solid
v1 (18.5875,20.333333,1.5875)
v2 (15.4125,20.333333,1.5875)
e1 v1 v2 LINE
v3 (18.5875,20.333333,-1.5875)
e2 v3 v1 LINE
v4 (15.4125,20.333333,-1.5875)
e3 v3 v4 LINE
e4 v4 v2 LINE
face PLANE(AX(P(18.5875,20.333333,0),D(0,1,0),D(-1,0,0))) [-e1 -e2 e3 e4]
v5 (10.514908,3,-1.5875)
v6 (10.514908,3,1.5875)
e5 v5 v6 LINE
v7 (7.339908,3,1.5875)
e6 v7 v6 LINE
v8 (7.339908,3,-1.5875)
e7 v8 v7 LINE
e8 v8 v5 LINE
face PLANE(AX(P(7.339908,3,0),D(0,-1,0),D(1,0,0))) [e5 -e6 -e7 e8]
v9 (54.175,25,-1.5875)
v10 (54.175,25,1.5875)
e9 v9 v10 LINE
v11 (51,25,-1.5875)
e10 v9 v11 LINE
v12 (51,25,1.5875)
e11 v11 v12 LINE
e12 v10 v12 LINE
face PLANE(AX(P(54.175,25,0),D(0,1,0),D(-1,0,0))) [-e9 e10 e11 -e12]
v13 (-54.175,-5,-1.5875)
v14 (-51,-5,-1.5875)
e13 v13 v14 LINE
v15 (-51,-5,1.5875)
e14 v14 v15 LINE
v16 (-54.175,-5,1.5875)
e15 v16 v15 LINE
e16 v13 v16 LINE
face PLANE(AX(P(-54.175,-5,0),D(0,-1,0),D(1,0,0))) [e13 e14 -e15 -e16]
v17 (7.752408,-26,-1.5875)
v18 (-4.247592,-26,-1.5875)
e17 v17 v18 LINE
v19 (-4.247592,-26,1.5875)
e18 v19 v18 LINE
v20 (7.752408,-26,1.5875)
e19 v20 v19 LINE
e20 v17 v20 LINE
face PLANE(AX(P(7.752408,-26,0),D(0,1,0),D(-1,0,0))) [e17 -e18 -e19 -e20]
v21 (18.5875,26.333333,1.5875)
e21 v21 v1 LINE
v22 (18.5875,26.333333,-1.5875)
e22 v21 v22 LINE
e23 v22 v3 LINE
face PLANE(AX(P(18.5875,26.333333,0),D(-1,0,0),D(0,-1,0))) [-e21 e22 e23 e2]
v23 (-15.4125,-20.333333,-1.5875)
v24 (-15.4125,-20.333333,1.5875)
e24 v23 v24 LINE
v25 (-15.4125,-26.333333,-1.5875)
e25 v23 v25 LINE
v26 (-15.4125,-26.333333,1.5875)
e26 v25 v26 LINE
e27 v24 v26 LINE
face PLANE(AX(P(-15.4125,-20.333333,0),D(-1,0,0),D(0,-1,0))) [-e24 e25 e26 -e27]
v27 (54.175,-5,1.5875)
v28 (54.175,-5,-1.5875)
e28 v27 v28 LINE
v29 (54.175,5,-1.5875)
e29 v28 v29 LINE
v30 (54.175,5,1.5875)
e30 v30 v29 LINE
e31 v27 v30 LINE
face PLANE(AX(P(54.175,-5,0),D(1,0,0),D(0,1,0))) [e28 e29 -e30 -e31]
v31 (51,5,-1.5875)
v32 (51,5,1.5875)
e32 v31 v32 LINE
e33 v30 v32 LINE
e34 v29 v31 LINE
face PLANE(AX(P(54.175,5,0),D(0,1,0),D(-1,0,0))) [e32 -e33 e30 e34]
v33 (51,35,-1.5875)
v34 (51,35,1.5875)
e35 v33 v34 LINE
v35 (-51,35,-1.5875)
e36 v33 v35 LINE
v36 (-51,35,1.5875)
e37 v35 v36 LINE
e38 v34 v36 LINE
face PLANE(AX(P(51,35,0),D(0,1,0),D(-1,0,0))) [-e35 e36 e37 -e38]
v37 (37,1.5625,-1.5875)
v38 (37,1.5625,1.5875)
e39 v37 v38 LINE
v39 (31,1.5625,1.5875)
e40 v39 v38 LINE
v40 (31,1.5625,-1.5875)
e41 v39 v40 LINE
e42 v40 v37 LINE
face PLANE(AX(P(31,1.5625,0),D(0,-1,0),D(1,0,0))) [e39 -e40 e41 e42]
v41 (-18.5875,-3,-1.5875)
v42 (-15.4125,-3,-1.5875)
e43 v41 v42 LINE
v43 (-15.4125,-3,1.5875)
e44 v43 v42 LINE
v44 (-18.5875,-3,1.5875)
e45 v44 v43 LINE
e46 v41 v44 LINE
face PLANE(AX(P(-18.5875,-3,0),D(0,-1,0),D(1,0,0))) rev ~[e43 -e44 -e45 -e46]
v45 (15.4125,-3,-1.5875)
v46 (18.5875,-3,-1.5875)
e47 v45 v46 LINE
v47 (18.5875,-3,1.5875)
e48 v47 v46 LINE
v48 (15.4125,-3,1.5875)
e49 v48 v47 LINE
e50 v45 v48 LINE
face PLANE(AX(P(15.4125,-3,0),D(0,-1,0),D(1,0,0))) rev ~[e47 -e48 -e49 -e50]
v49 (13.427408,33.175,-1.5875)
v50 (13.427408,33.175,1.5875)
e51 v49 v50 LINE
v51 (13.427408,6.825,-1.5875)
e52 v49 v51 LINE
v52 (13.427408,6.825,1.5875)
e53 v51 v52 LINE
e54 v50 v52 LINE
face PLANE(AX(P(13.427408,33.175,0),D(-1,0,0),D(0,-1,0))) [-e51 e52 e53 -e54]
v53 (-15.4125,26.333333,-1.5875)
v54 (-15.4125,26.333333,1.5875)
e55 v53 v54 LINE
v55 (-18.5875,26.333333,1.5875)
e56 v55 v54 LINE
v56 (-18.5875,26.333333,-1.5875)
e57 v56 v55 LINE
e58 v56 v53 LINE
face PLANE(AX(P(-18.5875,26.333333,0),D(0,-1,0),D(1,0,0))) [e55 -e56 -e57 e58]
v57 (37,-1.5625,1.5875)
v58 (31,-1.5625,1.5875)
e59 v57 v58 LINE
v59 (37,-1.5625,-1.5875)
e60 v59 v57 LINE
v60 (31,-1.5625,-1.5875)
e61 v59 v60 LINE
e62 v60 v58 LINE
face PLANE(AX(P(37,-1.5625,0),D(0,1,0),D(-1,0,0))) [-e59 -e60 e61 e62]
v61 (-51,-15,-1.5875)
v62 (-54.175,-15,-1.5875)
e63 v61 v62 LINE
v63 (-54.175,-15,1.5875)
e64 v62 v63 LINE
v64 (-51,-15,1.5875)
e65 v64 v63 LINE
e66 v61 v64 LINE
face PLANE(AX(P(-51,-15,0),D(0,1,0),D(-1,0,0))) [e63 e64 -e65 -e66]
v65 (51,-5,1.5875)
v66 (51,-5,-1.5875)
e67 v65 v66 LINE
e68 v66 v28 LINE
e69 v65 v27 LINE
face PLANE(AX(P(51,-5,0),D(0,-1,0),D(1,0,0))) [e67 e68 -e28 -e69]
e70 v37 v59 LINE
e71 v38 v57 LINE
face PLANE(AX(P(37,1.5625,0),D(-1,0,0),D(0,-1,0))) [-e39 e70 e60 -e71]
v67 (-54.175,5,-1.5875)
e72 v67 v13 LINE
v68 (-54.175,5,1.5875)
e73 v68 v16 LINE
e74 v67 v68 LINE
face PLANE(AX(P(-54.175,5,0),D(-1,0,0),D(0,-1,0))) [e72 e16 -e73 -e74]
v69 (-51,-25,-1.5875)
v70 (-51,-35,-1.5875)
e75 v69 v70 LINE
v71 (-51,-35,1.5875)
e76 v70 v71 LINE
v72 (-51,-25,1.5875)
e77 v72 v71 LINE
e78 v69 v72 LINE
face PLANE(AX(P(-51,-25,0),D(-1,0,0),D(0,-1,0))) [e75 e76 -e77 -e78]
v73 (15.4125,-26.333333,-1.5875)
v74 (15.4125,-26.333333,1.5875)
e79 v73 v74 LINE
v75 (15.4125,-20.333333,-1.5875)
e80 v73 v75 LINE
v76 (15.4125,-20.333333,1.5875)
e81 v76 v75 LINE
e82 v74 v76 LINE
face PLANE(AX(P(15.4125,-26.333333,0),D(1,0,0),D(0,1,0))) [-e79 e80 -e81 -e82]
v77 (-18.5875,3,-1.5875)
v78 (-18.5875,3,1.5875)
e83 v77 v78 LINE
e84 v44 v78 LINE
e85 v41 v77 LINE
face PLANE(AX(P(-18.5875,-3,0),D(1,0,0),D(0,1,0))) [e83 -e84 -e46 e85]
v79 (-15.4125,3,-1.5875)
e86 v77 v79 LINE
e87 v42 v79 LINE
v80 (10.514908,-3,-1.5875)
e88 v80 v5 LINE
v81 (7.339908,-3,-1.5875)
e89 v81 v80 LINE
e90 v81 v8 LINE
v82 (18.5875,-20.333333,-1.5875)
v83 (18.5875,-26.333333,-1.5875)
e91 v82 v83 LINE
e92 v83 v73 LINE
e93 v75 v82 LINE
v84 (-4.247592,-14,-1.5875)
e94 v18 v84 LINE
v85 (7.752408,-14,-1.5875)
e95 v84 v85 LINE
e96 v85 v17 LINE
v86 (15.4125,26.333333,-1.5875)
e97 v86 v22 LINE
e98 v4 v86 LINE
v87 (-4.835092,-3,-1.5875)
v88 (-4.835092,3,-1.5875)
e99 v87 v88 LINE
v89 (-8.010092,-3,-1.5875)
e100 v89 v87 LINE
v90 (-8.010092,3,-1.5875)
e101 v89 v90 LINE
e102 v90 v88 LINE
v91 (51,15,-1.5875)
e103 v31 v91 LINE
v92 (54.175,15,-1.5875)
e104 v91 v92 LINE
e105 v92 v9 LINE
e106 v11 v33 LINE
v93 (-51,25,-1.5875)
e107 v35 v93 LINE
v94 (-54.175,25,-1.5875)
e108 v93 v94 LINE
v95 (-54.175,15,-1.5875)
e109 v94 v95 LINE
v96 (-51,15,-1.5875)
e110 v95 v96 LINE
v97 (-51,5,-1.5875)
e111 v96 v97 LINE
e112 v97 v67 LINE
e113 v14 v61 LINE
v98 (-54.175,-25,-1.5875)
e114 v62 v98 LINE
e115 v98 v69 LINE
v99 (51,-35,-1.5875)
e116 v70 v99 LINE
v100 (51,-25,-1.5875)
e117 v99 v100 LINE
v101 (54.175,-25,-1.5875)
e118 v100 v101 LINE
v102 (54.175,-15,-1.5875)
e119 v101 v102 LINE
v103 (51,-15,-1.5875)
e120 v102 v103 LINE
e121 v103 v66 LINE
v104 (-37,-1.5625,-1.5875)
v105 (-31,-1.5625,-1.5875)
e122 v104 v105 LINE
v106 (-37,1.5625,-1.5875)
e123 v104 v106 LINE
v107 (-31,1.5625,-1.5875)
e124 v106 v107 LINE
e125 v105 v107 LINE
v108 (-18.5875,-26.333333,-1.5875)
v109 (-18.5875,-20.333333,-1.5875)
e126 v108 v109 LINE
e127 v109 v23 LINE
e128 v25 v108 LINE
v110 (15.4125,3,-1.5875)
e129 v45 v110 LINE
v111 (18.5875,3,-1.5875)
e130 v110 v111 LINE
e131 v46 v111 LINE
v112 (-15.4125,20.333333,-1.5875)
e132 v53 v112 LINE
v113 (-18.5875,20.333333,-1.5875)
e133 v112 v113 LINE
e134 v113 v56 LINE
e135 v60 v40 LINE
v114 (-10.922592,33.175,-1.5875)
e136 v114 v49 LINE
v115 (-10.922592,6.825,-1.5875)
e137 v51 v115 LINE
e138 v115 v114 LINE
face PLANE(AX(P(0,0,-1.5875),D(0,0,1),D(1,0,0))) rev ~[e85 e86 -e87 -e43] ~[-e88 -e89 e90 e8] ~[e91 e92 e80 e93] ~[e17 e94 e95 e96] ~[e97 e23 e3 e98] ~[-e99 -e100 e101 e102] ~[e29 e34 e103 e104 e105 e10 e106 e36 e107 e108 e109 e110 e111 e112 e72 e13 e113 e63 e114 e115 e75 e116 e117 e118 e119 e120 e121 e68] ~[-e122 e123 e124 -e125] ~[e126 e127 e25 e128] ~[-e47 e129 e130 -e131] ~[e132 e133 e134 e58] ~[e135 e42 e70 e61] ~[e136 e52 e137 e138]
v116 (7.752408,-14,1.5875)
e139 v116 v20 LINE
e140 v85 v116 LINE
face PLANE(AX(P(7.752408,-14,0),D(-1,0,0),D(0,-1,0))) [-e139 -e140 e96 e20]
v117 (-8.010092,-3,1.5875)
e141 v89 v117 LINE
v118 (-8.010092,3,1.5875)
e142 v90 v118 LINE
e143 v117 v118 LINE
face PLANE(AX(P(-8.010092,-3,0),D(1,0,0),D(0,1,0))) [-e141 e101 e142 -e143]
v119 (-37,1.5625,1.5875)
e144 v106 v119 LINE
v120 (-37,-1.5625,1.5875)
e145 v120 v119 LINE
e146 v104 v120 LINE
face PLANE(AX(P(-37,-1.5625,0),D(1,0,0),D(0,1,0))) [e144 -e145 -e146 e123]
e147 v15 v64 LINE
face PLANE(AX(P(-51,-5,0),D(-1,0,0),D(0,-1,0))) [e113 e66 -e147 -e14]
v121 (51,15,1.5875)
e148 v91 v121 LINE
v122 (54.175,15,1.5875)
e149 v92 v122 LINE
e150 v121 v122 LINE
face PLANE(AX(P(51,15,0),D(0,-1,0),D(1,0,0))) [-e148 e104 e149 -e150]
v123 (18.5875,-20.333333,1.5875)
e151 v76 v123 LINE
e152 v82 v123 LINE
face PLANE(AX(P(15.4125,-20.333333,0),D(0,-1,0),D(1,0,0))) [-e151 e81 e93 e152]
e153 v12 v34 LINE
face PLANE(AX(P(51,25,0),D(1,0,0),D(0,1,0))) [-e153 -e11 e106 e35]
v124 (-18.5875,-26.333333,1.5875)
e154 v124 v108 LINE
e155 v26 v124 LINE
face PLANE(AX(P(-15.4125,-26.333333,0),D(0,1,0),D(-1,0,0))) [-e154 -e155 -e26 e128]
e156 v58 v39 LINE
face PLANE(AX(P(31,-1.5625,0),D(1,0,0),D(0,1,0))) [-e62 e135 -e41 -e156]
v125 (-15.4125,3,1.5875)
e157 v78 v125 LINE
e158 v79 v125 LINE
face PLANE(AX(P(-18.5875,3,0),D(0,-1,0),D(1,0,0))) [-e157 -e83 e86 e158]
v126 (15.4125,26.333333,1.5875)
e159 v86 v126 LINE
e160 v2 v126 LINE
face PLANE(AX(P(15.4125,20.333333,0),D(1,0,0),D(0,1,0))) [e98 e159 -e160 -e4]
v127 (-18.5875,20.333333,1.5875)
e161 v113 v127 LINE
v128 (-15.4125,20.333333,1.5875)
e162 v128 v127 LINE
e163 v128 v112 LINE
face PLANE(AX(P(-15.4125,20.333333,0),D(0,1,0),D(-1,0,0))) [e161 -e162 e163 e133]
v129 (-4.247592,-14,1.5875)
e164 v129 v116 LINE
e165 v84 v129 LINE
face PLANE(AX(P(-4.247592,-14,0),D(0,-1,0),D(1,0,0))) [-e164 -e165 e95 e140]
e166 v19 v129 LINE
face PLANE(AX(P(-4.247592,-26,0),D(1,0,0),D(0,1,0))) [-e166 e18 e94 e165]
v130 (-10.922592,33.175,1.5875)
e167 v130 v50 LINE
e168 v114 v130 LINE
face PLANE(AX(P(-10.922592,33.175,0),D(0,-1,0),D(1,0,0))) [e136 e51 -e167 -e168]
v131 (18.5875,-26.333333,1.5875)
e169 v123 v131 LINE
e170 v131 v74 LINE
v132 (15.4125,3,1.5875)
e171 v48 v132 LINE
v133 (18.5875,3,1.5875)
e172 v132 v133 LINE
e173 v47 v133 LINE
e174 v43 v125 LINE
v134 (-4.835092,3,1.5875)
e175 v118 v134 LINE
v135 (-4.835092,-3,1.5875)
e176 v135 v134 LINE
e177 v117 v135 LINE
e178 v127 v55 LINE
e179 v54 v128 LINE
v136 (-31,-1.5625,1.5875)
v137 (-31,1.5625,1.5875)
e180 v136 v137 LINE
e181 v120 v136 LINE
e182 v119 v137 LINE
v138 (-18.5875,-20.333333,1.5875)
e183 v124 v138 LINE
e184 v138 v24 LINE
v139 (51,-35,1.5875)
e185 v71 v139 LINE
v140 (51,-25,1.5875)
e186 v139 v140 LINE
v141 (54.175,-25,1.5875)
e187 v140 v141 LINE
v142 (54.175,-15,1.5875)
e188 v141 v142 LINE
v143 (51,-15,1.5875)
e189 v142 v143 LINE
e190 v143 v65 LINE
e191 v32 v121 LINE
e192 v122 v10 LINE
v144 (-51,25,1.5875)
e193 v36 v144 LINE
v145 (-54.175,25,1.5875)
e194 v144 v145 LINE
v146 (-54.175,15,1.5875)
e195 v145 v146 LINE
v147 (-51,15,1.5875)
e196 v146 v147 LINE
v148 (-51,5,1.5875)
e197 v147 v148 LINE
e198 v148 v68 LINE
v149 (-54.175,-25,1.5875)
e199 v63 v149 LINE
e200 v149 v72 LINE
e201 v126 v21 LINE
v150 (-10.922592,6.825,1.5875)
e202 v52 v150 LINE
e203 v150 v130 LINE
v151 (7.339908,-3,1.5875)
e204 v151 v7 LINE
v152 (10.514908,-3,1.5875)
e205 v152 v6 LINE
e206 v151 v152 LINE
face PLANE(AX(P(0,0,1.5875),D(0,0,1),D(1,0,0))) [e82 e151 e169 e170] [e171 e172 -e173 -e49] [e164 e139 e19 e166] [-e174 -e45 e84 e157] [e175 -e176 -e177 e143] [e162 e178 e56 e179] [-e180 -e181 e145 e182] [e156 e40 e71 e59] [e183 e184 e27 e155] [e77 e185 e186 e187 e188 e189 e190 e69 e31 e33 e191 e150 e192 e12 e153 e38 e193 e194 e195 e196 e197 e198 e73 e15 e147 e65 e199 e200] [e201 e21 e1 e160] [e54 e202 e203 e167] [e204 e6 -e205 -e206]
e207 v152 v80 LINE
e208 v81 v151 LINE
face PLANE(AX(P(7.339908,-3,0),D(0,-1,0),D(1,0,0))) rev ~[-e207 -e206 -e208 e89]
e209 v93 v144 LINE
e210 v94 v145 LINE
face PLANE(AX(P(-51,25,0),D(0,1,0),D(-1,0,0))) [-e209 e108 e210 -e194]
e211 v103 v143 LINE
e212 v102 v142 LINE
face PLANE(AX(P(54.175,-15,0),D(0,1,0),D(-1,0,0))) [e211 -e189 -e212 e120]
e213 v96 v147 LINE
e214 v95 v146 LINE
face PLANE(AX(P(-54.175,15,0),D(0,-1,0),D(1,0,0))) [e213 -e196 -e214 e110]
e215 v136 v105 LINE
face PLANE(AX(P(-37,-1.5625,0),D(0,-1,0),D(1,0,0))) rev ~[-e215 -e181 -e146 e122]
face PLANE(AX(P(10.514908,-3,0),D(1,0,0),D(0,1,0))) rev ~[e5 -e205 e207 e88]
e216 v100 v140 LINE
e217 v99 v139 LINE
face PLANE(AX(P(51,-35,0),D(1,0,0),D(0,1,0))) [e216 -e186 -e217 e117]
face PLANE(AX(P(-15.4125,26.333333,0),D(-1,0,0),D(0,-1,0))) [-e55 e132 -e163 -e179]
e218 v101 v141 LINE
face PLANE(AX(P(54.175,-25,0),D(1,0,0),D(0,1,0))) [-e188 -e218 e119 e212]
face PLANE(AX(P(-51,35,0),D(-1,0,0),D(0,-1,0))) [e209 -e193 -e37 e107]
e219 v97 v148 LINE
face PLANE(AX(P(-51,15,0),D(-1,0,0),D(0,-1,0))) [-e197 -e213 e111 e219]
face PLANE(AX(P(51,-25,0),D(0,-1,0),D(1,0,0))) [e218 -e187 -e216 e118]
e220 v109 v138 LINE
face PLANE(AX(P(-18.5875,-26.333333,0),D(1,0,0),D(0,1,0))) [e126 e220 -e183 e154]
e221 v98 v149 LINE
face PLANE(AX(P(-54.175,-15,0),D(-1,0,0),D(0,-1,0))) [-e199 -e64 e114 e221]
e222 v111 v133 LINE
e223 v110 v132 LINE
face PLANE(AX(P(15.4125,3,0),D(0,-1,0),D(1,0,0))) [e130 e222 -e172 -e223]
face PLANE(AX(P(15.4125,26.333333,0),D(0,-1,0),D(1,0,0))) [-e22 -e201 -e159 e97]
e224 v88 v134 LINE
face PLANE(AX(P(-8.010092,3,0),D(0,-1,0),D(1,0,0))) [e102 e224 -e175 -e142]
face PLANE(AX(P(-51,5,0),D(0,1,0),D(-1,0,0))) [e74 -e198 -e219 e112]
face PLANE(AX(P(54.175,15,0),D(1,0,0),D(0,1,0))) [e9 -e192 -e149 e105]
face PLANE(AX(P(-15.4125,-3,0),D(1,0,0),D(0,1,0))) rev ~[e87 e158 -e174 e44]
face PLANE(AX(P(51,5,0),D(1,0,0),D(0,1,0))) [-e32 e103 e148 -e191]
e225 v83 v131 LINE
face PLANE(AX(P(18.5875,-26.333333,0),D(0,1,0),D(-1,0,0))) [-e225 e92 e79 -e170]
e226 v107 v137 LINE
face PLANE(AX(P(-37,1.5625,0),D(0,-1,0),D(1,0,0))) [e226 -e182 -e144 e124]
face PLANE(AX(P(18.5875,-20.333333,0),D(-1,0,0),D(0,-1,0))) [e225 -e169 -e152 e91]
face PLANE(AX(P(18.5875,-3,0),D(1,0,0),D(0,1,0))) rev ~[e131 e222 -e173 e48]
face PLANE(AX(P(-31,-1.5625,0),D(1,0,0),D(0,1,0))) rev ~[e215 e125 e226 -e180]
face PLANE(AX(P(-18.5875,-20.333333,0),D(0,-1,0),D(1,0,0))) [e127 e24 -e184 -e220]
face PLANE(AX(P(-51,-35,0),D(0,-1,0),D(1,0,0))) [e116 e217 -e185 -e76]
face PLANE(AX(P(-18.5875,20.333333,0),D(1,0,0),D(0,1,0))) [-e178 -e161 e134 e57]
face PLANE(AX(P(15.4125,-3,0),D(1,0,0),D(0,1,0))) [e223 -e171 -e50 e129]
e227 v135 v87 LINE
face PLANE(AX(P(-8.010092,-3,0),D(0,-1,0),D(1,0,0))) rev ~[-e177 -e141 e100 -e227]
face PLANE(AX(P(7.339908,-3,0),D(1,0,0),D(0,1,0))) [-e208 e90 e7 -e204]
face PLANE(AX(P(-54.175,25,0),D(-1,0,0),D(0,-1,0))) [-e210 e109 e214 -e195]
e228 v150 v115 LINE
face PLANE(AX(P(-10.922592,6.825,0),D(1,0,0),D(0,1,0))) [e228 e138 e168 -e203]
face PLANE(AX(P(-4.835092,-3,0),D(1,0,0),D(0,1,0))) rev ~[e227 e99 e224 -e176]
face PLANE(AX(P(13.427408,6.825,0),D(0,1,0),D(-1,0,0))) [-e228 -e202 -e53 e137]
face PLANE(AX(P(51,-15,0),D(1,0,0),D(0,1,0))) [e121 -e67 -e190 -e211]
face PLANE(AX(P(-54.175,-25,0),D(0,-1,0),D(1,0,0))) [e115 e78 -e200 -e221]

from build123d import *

# Parameters (mm, degrees)
SKETCH1_W           = 6
SKETCH1_H           = 3.125
SKETCH1_W_2         = 3.175
SKETCH1_H_2         = 6
BOSS_EXTRUDE1_DEPTH = 1.5875


with BuildPart() as part:
    # Sketch1 → Boss-Extrude1 (new body, symmetric)
    with BuildSketch(Plane.XY):
        Polygon((54.175, 0), (54.175, 5), (51, 5), (51, 15), (54.175, 15), (54.175, 25), (51, 25), (51, 35), (17, 35), (0, 35), (-17, 35), (-51, 35), (-51, 25), (-54.175, 25), (-54.175, 15), (-51, 15), (-51, 5), (-54.175, 5), (-54.175, -5), (-51, -5), (-51, -15), (-54.175, -15), (-54.175, -25), (-51, -25), (-51, -35), (0, -35), (51, -35), (51, -25), (54.175, -25), (54.175, -15), (51, -15), (51, -5), (54.175, -5), align=None)
        Polygon((-18.5875, -23.333333333), (-18.5875, -20.333333333), (-15.4125, -20.333333333), (-15.4125, -26.333333333), (-18.5875, -26.333333333), align=None, mode=Mode.SUBTRACT)
        Polygon((-4.247592219, -14), (3.252407781, -14), (7.752407781, -14), (7.752407781, -26), (3.252407781, -26), (-4.247592219, -26), align=None, mode=Mode.SUBTRACT)
        Polygon((18.5875, -20.333333333), (18.5875, -23.333333333), (18.5875, -26.333333333), (15.4125, -26.333333333), (15.4125, -20.333333333), align=None, mode=Mode.SUBTRACT)
        with Locations((-34, 0)):
            Rectangle(SKETCH1_W, SKETCH1_H, mode=Mode.SUBTRACT)
        with Locations((-17, 0)):
            Rectangle(SKETCH1_W_2, SKETCH1_H_2, mode=Mode.SUBTRACT)
        with Locations((-6.422592219, 0)):
            Rectangle(SKETCH1_W_2, SKETCH1_H_2, mode=Mode.SUBTRACT)
        Polygon((-18.5875, 20.333333333), (-18.5875, 23.333333333), (-18.5875, 26.333333333), (-15.4125, 26.333333333), (-15.4125, 20.333333333), align=None, mode=Mode.SUBTRACT)
        with Locations((8.927407781, 0)):
            Rectangle(SKETCH1_W_2, SKETCH1_H_2, mode=Mode.SUBTRACT)
        with Locations((17, 0)):
            Rectangle(SKETCH1_W_2, SKETCH1_H_2, mode=Mode.SUBTRACT)
        Polygon((37, 1.5625), (37, 0), (37, -1.5625), (31, -1.5625), (31, 1.5625), align=None, mode=Mode.SUBTRACT)
        Polygon((-10.922592219, 33.175), (3.252407781, 33.175), (13.427407781, 33.175), (13.427407781, 6.825), (1.252407781, 6.825), (-10.922592219, 6.825), align=None, mode=Mode.SUBTRACT)
        Polygon((18.5875, 23.333333333), (18.5875, 20.333333333), (15.4125, 20.333333333), (15.4125, 26.333333333), (18.5875, 26.333333333), align=None, mode=Mode.SUBTRACT)
    extrude(amount=BOSS_EXTRUDE1_DEPTH, both=True)


solid = part.part
